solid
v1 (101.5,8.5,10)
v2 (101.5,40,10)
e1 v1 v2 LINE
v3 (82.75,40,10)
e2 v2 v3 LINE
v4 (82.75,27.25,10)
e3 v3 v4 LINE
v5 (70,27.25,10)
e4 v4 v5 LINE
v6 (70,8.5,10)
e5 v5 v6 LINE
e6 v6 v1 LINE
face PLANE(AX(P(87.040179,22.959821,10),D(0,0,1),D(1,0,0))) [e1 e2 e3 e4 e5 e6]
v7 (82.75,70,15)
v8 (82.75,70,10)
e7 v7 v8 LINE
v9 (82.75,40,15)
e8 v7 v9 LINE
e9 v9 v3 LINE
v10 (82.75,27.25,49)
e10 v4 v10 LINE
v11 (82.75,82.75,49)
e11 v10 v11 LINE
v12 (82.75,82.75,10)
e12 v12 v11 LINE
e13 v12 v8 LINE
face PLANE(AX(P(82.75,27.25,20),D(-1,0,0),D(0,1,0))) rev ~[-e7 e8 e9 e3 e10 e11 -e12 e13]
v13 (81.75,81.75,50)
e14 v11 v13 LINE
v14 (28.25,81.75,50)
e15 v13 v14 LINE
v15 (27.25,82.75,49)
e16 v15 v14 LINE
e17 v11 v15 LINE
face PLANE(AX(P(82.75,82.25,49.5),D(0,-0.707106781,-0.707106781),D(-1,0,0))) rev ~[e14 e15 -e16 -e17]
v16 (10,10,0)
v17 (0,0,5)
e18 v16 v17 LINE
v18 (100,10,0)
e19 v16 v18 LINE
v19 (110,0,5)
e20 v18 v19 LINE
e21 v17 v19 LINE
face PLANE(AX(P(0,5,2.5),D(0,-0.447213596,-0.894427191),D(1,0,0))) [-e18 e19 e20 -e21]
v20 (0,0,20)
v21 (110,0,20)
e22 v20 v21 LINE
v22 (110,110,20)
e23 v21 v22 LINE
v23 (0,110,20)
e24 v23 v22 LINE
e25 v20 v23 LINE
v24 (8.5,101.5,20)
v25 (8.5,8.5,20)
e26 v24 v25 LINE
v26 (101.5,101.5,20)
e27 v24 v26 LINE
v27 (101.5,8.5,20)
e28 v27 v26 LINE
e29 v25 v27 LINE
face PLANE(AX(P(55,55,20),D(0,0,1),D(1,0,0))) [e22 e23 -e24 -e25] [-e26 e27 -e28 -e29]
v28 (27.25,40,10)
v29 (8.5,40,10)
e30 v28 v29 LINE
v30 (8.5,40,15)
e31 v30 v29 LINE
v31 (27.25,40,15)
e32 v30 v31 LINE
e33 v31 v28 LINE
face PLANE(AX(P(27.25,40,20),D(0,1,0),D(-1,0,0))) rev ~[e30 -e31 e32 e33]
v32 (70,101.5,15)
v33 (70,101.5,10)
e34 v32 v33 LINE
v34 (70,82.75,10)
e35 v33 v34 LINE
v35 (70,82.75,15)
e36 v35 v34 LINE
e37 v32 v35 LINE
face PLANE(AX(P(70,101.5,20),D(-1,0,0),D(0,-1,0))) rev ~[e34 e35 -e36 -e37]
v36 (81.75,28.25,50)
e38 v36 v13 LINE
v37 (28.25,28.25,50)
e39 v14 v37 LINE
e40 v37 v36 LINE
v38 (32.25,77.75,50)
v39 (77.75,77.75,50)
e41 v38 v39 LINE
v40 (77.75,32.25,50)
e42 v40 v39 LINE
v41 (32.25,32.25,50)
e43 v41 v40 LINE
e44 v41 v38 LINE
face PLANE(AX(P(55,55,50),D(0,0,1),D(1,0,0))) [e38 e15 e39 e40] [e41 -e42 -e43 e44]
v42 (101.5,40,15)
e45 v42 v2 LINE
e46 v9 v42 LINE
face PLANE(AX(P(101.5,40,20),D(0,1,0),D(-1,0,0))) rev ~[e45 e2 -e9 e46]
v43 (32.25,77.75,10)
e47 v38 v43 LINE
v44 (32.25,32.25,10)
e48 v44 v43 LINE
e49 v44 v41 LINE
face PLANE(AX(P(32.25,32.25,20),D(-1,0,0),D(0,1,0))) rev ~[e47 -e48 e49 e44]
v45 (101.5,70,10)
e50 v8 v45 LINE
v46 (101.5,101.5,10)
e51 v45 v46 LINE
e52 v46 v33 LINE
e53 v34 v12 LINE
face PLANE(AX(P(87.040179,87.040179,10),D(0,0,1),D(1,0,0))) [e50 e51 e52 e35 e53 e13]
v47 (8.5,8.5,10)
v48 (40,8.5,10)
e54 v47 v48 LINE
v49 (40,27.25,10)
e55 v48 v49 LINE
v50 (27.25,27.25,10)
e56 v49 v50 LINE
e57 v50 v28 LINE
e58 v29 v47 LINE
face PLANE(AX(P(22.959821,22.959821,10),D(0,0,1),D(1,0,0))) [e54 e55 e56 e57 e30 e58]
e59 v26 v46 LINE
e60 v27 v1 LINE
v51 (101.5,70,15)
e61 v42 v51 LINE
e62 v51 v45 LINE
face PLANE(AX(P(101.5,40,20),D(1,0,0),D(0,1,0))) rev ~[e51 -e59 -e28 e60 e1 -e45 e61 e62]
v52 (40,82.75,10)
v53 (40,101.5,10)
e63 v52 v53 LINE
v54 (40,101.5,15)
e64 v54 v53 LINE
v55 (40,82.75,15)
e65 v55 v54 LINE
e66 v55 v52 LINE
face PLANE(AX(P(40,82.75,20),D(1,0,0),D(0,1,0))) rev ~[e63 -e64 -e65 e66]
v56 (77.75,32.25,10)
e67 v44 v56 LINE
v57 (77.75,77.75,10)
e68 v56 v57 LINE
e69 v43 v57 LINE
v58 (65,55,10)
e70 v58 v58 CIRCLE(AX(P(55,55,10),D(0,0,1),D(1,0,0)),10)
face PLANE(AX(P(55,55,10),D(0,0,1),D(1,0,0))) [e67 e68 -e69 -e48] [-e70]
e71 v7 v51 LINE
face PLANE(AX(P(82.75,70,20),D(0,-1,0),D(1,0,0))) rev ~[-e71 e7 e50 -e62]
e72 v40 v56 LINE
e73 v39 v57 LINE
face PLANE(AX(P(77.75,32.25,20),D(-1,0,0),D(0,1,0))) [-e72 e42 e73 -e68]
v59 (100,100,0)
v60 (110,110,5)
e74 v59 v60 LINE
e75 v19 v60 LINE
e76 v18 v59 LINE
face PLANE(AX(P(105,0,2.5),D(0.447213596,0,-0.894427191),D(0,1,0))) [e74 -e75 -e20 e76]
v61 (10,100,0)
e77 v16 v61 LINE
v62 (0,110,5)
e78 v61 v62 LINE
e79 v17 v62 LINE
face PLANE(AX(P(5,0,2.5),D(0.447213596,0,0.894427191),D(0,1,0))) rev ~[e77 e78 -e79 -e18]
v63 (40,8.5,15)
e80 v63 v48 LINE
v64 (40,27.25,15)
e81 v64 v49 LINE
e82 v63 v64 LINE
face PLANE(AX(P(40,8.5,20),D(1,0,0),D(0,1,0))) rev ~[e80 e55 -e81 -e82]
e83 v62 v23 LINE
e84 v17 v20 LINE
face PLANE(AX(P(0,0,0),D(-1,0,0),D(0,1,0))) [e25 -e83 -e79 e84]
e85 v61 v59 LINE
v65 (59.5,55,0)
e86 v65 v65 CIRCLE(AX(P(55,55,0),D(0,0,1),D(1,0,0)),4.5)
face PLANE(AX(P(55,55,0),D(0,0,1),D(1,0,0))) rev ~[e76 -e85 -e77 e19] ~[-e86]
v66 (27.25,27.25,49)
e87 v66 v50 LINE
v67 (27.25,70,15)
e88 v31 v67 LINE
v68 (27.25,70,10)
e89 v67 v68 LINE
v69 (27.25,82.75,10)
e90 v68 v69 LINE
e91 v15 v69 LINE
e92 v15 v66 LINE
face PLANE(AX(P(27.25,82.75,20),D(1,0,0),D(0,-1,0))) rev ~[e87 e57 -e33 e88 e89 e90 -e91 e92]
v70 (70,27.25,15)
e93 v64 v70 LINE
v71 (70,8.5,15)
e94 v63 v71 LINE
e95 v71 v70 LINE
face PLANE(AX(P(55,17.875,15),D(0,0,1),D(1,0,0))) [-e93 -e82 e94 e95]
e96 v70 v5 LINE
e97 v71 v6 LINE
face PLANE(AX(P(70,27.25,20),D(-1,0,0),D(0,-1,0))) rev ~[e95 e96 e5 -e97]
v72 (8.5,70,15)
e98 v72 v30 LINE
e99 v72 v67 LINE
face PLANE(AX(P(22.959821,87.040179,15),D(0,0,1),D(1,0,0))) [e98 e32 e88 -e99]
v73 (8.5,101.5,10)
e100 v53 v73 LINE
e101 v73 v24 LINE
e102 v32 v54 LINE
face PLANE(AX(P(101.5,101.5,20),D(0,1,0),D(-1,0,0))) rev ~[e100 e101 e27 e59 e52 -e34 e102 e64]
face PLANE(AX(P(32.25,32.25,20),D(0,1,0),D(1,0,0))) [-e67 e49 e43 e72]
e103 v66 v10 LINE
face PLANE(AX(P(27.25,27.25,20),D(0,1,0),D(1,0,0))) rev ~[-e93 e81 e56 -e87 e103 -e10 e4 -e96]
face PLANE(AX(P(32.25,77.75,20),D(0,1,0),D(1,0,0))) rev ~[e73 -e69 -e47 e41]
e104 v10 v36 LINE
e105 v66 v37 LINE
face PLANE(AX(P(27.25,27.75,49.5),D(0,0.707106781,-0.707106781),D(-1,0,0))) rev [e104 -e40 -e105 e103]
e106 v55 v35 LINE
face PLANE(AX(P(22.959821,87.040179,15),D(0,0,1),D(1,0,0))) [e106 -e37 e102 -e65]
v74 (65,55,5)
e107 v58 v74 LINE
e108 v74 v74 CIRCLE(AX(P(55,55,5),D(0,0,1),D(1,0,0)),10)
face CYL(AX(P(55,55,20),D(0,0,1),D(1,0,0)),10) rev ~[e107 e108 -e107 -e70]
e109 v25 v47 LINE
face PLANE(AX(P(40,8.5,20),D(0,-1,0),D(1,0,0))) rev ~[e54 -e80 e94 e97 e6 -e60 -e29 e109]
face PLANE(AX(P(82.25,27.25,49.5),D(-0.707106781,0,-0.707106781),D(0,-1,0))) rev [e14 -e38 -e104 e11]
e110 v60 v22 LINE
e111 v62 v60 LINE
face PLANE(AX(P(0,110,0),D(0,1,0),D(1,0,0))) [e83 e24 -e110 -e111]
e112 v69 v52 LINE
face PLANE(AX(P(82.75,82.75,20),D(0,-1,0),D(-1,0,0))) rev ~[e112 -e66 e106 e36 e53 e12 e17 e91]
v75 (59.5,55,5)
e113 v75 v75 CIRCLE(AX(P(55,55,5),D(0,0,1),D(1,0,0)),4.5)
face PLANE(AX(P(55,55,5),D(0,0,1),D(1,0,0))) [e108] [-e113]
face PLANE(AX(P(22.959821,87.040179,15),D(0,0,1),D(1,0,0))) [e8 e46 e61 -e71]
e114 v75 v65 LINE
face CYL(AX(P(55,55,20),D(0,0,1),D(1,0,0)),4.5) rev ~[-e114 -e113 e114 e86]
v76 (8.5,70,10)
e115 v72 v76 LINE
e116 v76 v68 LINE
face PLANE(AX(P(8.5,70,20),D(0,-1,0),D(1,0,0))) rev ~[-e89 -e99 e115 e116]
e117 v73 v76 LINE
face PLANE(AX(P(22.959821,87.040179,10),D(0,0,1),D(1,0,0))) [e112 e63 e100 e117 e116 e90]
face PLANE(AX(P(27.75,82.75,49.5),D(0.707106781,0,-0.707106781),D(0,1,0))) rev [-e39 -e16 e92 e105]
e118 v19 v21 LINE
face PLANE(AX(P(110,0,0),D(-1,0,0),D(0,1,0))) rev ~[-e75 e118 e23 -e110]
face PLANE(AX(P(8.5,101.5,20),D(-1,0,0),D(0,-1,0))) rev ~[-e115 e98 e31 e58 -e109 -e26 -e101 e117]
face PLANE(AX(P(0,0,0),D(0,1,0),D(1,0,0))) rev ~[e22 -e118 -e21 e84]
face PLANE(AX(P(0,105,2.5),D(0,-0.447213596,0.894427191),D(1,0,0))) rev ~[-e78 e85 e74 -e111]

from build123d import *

# Parameters (mm, degrees)
F0_W      = 110
F0_H      = 110
F1_DEPTH  = 20
F2_W      = 30
F2_H      = 18.75
F2_W_2    = 18.75
F2_H_2    = 30
F3_DEPTH  = 5
F2_W_3    = 45.5
F2_H_3    = 45.5
F4_DEPTH  = 30
F2_R      = 4.5
F5_DEPTH  = 20.001
F2_R_2    = 10
F6_DEPTH  = 10
F7_SIZE2  = 5
F7_SIZE   = 10
F8_SIZE   = 1
F9_DEPTH  = 10
F10_DEPTH = 15


with BuildPart() as f1:
    # F0 (on Top) → F1 (new body)
    with BuildSketch(Plane.XY):
        with Locations((55, 55)):
            Rectangle(F0_W, F0_H)
    extrude(amount=F1_DEPTH)

    # F2 (on face) → F3 (cut)
    with BuildSketch(Plane.XY.offset(20)):
        Polygon((27.25, 70), (27.25, 82.75), (40, 82.75), (40, 101.5), (8.5, 101.5), (8.5, 70), align=None)
        with Locations((55, 92.125)):
            Rectangle(F2_W, F2_H)
        Polygon((70, 101.5), (70, 82.75), (82.75, 82.75), (82.75, 70), (101.5, 70), (101.5, 101.5), align=None)
        with Locations((92.125, 55)):
            Rectangle(F2_W_2, F2_H_2)
        with Locations((55, 17.875)):
            Rectangle(F2_W, F2_H)
        with Locations((17.875, 55)):
            Rectangle(F2_W_2, F2_H_2)
    extrude(amount=-F3_DEPTH, mode=Mode.SUBTRACT)

    # F2 (on face) → F4 (join)
    with BuildSketch(Plane.XY.offset(20)):
        Polygon((40, 82.75), (27.25, 82.75), (27.25, 70), (27.25, 40), (27.25, 27.25), (40, 27.25), (70, 27.25), (82.75, 27.25), (82.75, 40), (82.75, 70), (82.75, 82.75), (70, 82.75), align=None)
        with Locations((55, 55)):
            Rectangle(F2_W_3, F2_H_3, mode=Mode.SUBTRACT)
    extrude(amount=F4_DEPTH)

    # F2 (on face) → F5 (cut, through all)
    with BuildSketch(Plane.XY.offset(20)):
        with Locations((55, 55)):
            Circle(F2_R)
    extrude(amount=-F5_DEPTH, mode=Mode.SUBTRACT)

    # F2 (on face) → F6 (cut)
    with BuildSketch(Plane.XY.offset(20)):
        with Locations((55, 55)):
            Rectangle(F2_W_3, F2_H_3)
        with Locations((55, 55)):
            Circle(F2_R_2, mode=Mode.SUBTRACT)
    extrude(amount=-F6_DEPTH, mode=Mode.SUBTRACT)

    # F7
    f7_edges = [f1.edges().sort_by_distance(p)[0] for p in [
        (55, 110, 0),
        (0, 55, 0),
        (55, 0, 0),
        (110, 55, 0),
    ]]
    f7_side = f1.faces().sort_by_distance((1.555635, 55, 0))[0]
    chamfer(f7_edges, length=F7_SIZE, length2=F7_SIZE2, reference=f7_side)

    # F8
    f8_edges = [f1.edges().sort_by_distance(p)[0] for p in [
        (55, 27.25, 50),
        (27.25, 55, 50),
        (82.75, 55, 50),
        (55, 82.75, 50),
    ]]
    chamfer(f8_edges, length=F8_SIZE)

    # F2 (on face) → F9 (cut)
    with BuildSketch(Plane.XY.offset(20)):
        Polygon((27.25, 70), (27.25, 82.75), (40, 82.75), (40, 101.5), (8.5, 101.5), (8.5, 70), align=None)
        Polygon((27.25, 27.25), (27.25, 40), (8.5, 40), (8.5, 8.5), (40, 8.5), (40, 27.25), align=None)
        Polygon((101.5, 40), (82.75, 40), (82.75, 27.25), (70, 27.25), (70, 8.5), (101.5, 8.5), align=None)
        Polygon((70, 101.5), (70, 82.75), (82.75, 82.75), (82.75, 70), (101.5, 70), (101.5, 101.5), align=None)
    extrude(amount=-F9_DEPTH, mode=Mode.SUBTRACT)

    # F2 (on face) → F10 (cut)
    with BuildSketch(Plane.XY.offset(20)):
        with Locations((55, 55)):
            Circle(F2_R_2)
        with Locations((55, 55)):
            Circle(F2_R, mode=Mode.SUBTRACT)
    extrude(amount=-F10_DEPTH, mode=Mode.SUBTRACT)


solid = f1.part
